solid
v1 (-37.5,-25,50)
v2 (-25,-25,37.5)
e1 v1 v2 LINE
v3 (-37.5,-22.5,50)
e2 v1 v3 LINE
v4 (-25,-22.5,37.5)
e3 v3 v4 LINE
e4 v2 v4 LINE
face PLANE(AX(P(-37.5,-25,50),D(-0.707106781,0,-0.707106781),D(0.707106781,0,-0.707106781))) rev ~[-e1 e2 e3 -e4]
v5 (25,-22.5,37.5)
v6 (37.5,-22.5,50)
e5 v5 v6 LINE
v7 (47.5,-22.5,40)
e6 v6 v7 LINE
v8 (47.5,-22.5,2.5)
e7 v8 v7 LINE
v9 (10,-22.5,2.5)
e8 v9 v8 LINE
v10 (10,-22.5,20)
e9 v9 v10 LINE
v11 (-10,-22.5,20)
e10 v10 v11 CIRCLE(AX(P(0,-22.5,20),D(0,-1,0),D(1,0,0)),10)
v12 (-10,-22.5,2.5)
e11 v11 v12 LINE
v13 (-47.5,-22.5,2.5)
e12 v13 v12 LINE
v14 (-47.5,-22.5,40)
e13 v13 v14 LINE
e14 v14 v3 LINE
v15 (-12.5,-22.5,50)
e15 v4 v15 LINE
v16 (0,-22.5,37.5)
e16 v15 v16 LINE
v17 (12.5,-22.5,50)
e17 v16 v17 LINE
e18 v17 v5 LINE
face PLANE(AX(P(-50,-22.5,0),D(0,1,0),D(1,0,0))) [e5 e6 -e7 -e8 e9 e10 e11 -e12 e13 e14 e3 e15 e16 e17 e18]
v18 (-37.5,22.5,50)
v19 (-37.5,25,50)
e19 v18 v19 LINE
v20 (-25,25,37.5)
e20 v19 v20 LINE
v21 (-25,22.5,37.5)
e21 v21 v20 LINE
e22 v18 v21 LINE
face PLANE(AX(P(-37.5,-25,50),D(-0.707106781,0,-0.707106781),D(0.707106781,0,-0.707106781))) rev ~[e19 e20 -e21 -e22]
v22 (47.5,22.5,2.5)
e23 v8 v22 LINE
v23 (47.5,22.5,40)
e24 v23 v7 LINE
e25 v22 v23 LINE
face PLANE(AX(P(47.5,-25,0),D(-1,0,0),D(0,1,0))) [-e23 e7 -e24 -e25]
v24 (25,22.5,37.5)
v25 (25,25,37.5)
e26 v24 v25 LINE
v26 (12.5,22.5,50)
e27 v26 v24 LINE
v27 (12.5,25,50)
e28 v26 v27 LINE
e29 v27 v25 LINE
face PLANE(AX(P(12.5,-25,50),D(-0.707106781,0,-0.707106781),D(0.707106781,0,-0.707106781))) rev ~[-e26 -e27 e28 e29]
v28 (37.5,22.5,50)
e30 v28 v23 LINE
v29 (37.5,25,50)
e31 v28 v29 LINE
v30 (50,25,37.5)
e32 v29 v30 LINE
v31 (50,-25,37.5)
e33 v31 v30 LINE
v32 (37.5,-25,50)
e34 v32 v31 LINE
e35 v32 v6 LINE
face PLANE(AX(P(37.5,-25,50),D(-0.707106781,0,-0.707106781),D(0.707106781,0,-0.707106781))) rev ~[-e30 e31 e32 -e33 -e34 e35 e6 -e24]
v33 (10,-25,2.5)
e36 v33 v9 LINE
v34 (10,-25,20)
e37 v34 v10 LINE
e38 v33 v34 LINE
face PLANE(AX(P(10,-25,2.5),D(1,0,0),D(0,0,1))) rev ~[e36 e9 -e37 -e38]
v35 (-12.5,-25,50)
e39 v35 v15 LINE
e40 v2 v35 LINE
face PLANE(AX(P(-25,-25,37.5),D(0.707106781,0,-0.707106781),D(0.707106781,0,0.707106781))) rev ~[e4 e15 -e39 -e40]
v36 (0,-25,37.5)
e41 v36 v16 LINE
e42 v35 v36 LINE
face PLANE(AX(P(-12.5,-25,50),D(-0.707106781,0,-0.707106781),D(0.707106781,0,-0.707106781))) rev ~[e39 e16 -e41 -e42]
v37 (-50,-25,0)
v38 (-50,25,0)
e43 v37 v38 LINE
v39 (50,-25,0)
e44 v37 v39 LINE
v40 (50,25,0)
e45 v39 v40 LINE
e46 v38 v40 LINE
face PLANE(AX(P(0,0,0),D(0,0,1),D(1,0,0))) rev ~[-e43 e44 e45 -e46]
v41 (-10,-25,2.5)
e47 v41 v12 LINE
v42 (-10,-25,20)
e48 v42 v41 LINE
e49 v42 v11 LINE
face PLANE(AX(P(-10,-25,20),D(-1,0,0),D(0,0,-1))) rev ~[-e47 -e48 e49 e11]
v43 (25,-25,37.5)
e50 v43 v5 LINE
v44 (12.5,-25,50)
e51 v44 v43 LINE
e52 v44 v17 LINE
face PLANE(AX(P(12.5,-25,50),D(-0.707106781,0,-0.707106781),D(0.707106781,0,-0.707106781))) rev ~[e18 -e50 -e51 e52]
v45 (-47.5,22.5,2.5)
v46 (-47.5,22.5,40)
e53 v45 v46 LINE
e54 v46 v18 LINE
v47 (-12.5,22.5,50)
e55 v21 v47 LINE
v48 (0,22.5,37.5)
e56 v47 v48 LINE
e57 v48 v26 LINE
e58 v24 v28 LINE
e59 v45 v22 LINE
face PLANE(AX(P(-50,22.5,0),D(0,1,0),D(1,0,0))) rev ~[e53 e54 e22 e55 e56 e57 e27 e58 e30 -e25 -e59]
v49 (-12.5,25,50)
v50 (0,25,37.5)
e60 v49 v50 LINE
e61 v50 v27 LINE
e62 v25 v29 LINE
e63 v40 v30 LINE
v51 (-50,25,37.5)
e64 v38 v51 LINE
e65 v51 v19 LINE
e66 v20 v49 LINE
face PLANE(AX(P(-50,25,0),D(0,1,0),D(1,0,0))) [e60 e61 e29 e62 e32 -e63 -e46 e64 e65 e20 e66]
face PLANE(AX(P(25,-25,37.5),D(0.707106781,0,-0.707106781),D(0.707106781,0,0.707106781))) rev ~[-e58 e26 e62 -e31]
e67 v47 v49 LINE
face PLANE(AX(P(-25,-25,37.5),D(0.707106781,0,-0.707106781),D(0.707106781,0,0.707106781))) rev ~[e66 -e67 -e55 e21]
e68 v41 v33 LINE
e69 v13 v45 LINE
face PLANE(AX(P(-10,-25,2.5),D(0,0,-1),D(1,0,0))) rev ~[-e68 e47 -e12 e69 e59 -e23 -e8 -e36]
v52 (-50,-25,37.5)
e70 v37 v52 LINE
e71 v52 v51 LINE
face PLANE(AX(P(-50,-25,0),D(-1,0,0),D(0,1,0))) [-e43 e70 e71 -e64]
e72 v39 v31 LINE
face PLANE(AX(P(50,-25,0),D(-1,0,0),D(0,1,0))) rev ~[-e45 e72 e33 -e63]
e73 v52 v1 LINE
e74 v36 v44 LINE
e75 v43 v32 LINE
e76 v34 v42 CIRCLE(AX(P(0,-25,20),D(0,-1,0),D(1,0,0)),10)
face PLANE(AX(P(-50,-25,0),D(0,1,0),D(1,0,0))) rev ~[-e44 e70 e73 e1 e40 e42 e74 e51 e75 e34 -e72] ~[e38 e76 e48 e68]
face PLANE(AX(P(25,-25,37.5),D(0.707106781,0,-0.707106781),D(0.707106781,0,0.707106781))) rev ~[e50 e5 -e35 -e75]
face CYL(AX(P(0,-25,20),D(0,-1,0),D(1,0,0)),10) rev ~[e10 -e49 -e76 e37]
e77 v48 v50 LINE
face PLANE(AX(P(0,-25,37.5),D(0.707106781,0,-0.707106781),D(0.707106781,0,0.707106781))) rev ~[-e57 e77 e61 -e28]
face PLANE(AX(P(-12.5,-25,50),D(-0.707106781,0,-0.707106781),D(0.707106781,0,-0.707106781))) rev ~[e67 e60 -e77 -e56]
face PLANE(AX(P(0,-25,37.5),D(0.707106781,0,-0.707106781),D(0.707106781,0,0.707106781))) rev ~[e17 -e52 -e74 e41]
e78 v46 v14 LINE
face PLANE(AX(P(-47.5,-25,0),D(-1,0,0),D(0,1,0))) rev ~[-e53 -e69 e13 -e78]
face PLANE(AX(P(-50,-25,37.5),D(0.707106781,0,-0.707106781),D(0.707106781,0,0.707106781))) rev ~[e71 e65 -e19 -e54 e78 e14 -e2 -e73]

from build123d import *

# Parameters (mm, degrees)
F0_W     = 100
F0_H     = 50
F1_DEPTH = 50
F3_DEPTH = 50
F4_T     = -2.5
F6_DEPTH = 2.5


with BuildPart() as f1:
    # F0 (on Top) → F1 (new body)
    with BuildSketch(Plane.XY):
        Rectangle(F0_W, F0_H)
    extrude(amount=F1_DEPTH)

    # F2 (on face) → F3 (cut, through all)
    with BuildSketch(Plane.XZ.offset(25)):
        Polygon((-50, 50), (-50, 37.5), (-37.5, 50), align=None)
        Polygon((-12.5, 50), (-37.5, 50), (-25, 37.5), align=None)
        Polygon((12.5, 50), (-12.5, 50), (0, 37.5), align=None)
        Polygon((37.5, 50), (12.5, 50), (25, 37.5), align=None)
        Polygon((37.5, 50), (50, 37.5), (50, 50), align=None)
    extrude(amount=-F3_DEPTH, mode=Mode.SUBTRACT)

    # F4
    f4_openings = [f1.faces().sort_by_distance(p)[0] for p in [
        (-31.25, 0, 43.75),
        (-6.25, 0, 43.75),
        (18.75, 0, 43.75),
        (43.75, 0, 43.75),
        (31.25, 0, 43.75),
        (6.25, 0, 43.75),
        (-18.75, 0, 43.75),
        (-43.75, 0, 43.75),
    ]]
    offset(amount=F4_T, openings=f4_openings)

    # F5 (on face) → F6 (cut, through all)
    with BuildSketch(Plane.XZ.offset(25)):
        with BuildLine():
            ThreePointArc((-10, 20), (0, 10), (10, 20))
            Line((10, 20), (-10, 20))
        make_face()
        with BuildLine():
            Line((-10, 20), (10, 20))
            ThreePointArc((10, 20), (0, 30), (-10, 20))
        make_face()
        with BuildLine():
            Line((10, 2.5), (10, 20))
            ThreePointArc((10, 20), (0, 10), (-10, 20))
            Line((-10, 20), (-10, 2.5))
            Line((-10, 2.5), (10, 2.5))
        make_face()
    extrude(amount=-F6_DEPTH, mode=Mode.SUBTRACT)


solid = f1.part
